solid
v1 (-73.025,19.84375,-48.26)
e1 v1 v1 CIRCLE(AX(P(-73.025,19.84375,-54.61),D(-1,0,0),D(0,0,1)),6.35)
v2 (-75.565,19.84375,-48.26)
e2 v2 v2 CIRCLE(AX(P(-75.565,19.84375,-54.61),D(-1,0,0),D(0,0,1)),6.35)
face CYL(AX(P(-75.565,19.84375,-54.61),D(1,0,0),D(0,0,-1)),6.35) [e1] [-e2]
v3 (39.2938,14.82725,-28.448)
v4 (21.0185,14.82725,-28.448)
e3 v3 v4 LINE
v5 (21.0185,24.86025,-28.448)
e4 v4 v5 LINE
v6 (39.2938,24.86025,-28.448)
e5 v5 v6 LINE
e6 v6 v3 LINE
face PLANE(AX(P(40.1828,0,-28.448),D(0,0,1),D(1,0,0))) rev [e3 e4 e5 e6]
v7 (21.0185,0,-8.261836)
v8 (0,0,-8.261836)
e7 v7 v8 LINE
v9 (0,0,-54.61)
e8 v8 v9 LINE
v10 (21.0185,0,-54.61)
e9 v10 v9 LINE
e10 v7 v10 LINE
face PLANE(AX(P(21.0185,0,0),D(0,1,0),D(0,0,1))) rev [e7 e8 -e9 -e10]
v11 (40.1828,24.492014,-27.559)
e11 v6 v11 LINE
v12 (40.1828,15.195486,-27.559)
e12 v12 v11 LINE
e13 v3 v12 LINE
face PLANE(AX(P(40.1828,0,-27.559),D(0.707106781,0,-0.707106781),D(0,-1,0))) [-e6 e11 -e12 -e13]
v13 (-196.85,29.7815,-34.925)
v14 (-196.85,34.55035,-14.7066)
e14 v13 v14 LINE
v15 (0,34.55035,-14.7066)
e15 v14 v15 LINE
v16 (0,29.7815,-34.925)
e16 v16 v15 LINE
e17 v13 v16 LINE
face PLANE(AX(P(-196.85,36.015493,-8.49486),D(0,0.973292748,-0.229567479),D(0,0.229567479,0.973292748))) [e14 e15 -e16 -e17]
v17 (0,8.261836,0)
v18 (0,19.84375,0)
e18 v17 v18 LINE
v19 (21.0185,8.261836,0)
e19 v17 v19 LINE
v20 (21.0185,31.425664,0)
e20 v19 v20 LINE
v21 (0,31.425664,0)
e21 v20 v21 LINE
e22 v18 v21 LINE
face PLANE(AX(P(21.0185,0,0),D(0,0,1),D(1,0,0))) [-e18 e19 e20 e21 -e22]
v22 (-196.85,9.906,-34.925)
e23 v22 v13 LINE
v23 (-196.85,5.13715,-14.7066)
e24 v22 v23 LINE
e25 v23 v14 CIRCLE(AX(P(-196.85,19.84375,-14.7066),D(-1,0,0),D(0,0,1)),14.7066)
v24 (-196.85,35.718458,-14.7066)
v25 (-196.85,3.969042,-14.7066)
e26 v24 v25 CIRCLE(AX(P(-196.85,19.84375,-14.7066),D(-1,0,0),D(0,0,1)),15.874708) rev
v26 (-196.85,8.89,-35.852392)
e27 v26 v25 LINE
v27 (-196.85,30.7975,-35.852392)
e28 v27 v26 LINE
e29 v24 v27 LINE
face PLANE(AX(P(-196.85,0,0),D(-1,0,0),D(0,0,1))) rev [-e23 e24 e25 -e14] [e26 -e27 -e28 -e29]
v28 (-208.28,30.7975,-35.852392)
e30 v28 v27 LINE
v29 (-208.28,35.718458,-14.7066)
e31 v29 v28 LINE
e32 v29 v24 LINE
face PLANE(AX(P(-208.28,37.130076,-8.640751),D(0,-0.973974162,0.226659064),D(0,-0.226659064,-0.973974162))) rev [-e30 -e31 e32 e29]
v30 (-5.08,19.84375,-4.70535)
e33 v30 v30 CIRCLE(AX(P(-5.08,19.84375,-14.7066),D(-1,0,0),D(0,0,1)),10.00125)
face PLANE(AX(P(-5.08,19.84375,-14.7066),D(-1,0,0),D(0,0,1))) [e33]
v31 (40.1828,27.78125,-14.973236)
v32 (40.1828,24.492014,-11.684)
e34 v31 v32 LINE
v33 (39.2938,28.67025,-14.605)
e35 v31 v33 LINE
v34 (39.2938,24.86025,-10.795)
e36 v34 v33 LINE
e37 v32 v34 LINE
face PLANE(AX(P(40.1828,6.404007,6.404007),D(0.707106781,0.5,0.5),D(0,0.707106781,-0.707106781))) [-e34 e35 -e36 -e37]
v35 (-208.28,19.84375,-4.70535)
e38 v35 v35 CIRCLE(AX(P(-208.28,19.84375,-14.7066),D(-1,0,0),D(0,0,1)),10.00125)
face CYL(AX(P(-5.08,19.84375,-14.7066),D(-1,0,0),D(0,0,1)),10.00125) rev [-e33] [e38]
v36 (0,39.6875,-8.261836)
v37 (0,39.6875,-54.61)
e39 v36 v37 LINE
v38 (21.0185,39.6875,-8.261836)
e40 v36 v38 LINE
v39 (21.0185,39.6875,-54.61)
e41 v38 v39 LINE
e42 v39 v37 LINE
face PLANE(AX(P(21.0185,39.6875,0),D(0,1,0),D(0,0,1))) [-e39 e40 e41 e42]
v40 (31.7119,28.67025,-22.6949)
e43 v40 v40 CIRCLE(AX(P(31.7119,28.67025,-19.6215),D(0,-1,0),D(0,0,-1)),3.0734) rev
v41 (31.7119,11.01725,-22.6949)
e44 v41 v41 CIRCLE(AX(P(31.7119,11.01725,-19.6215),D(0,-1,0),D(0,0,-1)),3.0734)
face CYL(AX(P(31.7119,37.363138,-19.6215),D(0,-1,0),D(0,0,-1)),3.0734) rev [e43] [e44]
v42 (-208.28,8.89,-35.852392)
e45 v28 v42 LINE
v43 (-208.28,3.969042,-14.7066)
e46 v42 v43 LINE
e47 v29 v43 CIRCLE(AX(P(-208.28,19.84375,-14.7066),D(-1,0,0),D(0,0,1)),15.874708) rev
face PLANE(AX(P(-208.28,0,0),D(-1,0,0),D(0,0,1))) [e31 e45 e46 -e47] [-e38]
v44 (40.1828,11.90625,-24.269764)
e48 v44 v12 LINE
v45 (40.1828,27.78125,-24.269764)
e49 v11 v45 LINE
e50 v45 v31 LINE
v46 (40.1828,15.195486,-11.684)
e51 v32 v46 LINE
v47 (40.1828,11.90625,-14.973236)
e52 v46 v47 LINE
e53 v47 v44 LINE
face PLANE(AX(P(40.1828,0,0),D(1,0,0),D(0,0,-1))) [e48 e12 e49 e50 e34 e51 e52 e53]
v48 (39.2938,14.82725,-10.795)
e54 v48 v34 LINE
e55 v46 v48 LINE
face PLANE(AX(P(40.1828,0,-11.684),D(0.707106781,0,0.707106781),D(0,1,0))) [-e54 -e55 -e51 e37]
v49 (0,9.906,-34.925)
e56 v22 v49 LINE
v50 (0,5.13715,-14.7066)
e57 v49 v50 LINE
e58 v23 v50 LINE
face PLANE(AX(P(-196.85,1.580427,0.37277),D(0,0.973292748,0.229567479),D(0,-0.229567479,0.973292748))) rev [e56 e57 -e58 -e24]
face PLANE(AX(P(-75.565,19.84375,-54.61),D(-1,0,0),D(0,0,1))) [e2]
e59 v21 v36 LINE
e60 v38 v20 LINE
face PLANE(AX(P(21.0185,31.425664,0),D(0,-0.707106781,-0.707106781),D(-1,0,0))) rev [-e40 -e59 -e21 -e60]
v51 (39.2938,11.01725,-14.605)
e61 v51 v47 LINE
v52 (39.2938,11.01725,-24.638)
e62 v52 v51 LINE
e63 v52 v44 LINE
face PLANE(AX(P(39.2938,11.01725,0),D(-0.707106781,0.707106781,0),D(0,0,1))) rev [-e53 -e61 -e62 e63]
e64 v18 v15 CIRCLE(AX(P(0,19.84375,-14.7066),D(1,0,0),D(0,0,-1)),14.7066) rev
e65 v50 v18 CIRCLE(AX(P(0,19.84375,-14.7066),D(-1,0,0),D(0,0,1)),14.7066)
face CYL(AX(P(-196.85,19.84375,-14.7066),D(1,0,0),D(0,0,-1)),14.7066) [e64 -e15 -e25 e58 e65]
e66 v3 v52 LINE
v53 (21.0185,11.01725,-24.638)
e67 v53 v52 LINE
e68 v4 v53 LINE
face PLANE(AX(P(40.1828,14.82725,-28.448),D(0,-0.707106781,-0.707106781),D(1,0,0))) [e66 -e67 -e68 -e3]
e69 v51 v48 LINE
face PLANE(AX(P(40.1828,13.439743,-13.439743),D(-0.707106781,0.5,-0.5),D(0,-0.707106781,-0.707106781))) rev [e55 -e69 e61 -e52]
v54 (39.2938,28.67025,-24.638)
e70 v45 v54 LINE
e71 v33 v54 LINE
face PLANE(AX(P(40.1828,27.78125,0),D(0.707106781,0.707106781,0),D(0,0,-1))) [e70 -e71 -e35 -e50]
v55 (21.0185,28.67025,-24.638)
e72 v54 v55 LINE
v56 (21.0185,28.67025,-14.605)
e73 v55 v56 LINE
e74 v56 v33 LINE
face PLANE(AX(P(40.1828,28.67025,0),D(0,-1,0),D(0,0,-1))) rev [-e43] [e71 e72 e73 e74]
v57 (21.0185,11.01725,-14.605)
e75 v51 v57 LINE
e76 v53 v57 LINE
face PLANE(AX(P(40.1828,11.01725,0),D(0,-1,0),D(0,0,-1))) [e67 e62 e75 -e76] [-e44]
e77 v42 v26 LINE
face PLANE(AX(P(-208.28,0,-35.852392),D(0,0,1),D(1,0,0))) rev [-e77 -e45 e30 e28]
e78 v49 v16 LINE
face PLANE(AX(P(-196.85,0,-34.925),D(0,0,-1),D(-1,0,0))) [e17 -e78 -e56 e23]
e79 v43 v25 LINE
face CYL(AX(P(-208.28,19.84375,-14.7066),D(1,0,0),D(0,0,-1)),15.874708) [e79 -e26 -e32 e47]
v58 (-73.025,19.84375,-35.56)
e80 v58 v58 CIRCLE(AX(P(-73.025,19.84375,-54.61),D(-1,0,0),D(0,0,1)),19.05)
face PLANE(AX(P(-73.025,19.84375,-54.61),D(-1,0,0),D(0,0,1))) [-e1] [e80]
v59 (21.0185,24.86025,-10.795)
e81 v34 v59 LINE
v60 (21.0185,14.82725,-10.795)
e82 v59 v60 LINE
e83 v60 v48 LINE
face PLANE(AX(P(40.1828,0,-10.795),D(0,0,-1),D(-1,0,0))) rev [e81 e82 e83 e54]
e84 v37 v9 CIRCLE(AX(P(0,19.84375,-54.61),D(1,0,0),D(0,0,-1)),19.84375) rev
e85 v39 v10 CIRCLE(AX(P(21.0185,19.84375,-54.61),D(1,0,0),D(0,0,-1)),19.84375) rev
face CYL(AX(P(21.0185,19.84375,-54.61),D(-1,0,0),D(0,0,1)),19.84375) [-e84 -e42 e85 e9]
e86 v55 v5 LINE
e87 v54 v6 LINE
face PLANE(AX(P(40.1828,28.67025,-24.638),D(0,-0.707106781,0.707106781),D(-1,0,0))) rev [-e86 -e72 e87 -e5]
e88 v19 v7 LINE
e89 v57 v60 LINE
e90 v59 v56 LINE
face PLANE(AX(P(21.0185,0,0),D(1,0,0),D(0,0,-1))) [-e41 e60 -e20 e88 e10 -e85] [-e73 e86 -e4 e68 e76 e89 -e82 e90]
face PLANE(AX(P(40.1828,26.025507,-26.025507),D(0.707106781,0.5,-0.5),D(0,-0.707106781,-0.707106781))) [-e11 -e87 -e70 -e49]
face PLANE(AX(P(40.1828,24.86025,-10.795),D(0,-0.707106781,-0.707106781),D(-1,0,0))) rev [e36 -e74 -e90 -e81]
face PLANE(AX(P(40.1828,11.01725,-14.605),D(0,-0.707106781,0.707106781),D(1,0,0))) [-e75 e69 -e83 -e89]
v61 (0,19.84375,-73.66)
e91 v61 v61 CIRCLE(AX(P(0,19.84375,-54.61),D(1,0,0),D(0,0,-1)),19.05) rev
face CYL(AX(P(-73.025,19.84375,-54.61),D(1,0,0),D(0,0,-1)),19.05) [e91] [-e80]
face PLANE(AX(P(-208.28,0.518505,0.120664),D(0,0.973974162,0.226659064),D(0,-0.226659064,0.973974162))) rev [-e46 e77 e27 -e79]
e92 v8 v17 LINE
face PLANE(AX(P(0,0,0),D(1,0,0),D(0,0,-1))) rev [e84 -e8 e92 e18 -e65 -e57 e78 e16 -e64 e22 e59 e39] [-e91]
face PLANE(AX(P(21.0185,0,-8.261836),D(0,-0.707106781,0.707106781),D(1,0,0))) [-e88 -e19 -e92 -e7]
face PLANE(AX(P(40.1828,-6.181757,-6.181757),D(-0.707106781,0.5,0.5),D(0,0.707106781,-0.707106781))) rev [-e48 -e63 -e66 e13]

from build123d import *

# Parameters (mm, degrees)
SKETCH1_W           = 54.61
SKETCH1_H           = 39.6875
BOSS_EXTRUDE1_DEPTH = 21.0185
CHAMFER1_SIZE       = 8.261835623
SKETCH2_R           = 19.05
BOSS_EXTRUDE2_DEPTH = 73.025
SKETCH3_R           = 6.35
BOSS_EXTRUDE3_DEPTH = 2.54
BOSS_EXTRUDE4_DEPTH = 196.85
BOSS_EXTRUDE5_DEPTH = 11.43
SKETCH6_R           = 10.00125
CUT_EXTRUDE1_DEPTH  = 203.2
SKETCH7_W           = 17.653
SKETCH7_H           = 8.8265
BOSS_EXTRUDE6_DEPTH = 19.1643
CHAMFER2_SIZE       = 3.81
CUT_EXTRUDE2_DEPTH  = 17.653
CHAMFER3_SIZE       = 0.889


with BuildPart() as part:
    # Sketch1 → Boss-Extrude1 (new body)
    with BuildSketch(Plane(origin=(0, 0, 0), x_dir=(0, 0, -1), z_dir=(1, 0, 0))):
        with Locations((27.305, 19.84375)):
            Rectangle(SKETCH1_W, SKETCH1_H)
        with BuildLine():
            ThreePointArc((54.61, 39.6875), (74.45375, 19.84375), (54.61, 0))
            Line((54.61, 0), (54.61, 39.6875))
        make_face()
    extrude(amount=BOSS_EXTRUDE1_DEPTH)

    # Chamfer1
    chamfer1_edges = [part.edges().sort_by_distance(p)[0] for p in [
        (10.50925, 0, 0),
        (10.50925, 39.6875, 0),
    ]]
    chamfer(chamfer1_edges, length=CHAMFER1_SIZE)

    # Sketch2 → Boss-Extrude2 (add)
    with BuildSketch(Plane.ZY):
        with Locations((-54.61, 19.84375)):
            Circle(SKETCH2_R)
    extrude(amount=BOSS_EXTRUDE2_DEPTH)

    # Sketch3 → Boss-Extrude3 (add)
    with BuildSketch(Plane.ZY.offset(73.025)):
        with Locations((-54.61, 19.84375)):
            Circle(SKETCH3_R)
    extrude(amount=BOSS_EXTRUDE3_DEPTH)

    # Sketch4 → Boss-Extrude4 (add)
    with BuildSketch(Plane.ZY):
        with BuildLine():
            ThreePointArc((-14.7066, 5.13715), (-4.307463412, 9.444613412), (0, 19.84375))
            Line((0, 19.84375), (-14.7066, 19.84375))
            Line((-14.7066, 19.84375), (-34.925, 19.84375))
            Line((-34.925, 19.84375), (-34.925, 9.906))
            Line((-34.925, 9.906), (-14.7066, 5.13715))
        make_face()
        with BuildLine():
            Line((-14.7066, 19.84375), (0, 19.84375))
            ThreePointArc((0, 19.84375), (-4.307463412, 30.242886588), (-14.7066, 34.55035))
            Line((-14.7066, 34.55035), (-34.925, 29.7815))
            Line((-34.925, 29.7815), (-34.925, 19.84375))
            Line((-34.925, 19.84375), (-14.7066, 19.84375))
        make_face()
    extrude(amount=BOSS_EXTRUDE4_DEPTH)

    # Sketch5 → Boss-Extrude5 (add)
    with BuildSketch(Plane.ZY.offset(196.85)):
        with BuildLine():
            Line((-34.925, 19.84375), (0, 19.84375))
            ThreePointArc((0, 19.84375), (-4.307463412, 30.242886588), (-14.7066, 34.55035))
            Line((-14.7066, 34.55035), (-34.925, 29.7815))
            Line((-34.925, 29.7815), (-34.925, 19.84375))
        make_face()
        with BuildLine():
            Line((0, 19.84375), (1.168107566, 19.84375))
            ThreePointArc((1.168107566, 19.84375), (-3.481486631, 31.068863369), (-14.7066, 35.718457566))
            Line((-14.7066, 35.718457566), (-35.852392434, 30.7975))
            Line((-35.852392434, 30.7975), (-35.852392434, 19.84375))
            Line((-35.852392434, 19.84375), (-34.925, 19.84375))
            Line((-34.925, 19.84375), (-34.925, 29.7815))
            Line((-34.925, 29.7815), (-14.7066, 34.55035))
            ThreePointArc((-14.7066, 34.55035), (-4.307463412, 30.242886588), (0, 19.84375))
        make_face()
        with BuildLine():
            ThreePointArc((-14.7066, 5.13715), (-4.307463412, 9.444613412), (0, 19.84375))
            Line((0, 19.84375), (-34.925, 19.84375))
            Line((-34.925, 19.84375), (-34.925, 9.906))
            Line((-34.925, 9.906), (-14.7066, 5.13715))
        make_face()
        with BuildLine():
            ThreePointArc((-14.7066, 3.969042434), (-3.481486631, 8.618636631), (1.168107566, 19.84375))
            Line((1.168107566, 19.84375), (0, 19.84375))
            ThreePointArc((0, 19.84375), (-4.307463412, 9.444613412), (-14.7066, 5.13715))
            Line((-14.7066, 5.13715), (-34.925, 9.906))
            Line((-34.925, 9.906), (-34.925, 19.84375))
            Line((-34.925, 19.84375), (-35.852392434, 19.84375))
            Line((-35.852392434, 19.84375), (-35.852392434, 8.89))
            Line((-35.852392434, 8.89), (-14.7066, 3.969042434))
        make_face()
    extrude(amount=BOSS_EXTRUDE5_DEPTH)

    # Sketch6 → Cut-Extrude1 (cut)
    with BuildSketch(Plane.ZY.offset(208.28)):
        with Locations((-14.7066, 19.84375)):
            Circle(SKETCH6_R)
    extrude(amount=-CUT_EXTRUDE1_DEPTH, mode=Mode.SUBTRACT)

    # Sketch7 → Boss-Extrude6 (add)
    with BuildSketch(Plane(origin=(21.0185, 0, 0), x_dir=(0, 0, -1), z_dir=(1, 0, 0))):
        with Locations((19.6215, 15.4305)):
            Rectangle(SKETCH7_W, SKETCH7_H)
        with Locations((19.6215, 24.257)):
            Rectangle(SKETCH7_W, SKETCH7_H)
    extrude(amount=BOSS_EXTRUDE6_DEPTH)

    # Chamfer2
    chamfer2_edges = [part.edges().sort_by_distance(p)[0] for p in [
        (30.60065, 11.01725, -10.795),
        (30.60065, 11.01725, -28.448),
        (30.60065, 28.67025, -28.448),
        (30.60065, 28.67025, -10.795),
    ]]
    chamfer(chamfer2_edges, length=CHAMFER2_SIZE)

    # Sketch8 → Cut-Extrude2 (cut)
    with BuildSketch(Plane.XZ.offset(-11.01725)):
        with BuildLine():
            ThreePointArc((28.6385, -19.6215), (31.7119, -22.6949), (34.7853, -19.6215))
            Line((34.7853, -19.6215), (28.6385, -19.6215))
        make_face()
        with BuildLine():
            Line((28.6385, -19.6215), (34.7853, -19.6215))
            ThreePointArc((34.7853, -19.6215), (31.7119, -16.5481), (28.6385, -19.6215))
        make_face()
    extrude(amount=-CUT_EXTRUDE2_DEPTH, mode=Mode.SUBTRACT)

    # Chamfer3
    chamfer3_edges = [part.edges().sort_by_distance(p)[0] for p in [
        (40.1828, 19.84375, -10.795),
        (40.1828, 28.67025, -19.6215),
        (40.1828, 11.01725, -19.6215),
        (40.1828, 19.84375, -28.448),
        (40.1828, 12.92225, -12.7),
        (40.1828, 12.92225, -26.543),
        (40.1828, 26.76525, -26.543),
        (40.1828, 26.76525, -12.7),
    ]]
    chamfer(chamfer3_edges, length=CHAMFER3_SIZE)


solid = part.part
